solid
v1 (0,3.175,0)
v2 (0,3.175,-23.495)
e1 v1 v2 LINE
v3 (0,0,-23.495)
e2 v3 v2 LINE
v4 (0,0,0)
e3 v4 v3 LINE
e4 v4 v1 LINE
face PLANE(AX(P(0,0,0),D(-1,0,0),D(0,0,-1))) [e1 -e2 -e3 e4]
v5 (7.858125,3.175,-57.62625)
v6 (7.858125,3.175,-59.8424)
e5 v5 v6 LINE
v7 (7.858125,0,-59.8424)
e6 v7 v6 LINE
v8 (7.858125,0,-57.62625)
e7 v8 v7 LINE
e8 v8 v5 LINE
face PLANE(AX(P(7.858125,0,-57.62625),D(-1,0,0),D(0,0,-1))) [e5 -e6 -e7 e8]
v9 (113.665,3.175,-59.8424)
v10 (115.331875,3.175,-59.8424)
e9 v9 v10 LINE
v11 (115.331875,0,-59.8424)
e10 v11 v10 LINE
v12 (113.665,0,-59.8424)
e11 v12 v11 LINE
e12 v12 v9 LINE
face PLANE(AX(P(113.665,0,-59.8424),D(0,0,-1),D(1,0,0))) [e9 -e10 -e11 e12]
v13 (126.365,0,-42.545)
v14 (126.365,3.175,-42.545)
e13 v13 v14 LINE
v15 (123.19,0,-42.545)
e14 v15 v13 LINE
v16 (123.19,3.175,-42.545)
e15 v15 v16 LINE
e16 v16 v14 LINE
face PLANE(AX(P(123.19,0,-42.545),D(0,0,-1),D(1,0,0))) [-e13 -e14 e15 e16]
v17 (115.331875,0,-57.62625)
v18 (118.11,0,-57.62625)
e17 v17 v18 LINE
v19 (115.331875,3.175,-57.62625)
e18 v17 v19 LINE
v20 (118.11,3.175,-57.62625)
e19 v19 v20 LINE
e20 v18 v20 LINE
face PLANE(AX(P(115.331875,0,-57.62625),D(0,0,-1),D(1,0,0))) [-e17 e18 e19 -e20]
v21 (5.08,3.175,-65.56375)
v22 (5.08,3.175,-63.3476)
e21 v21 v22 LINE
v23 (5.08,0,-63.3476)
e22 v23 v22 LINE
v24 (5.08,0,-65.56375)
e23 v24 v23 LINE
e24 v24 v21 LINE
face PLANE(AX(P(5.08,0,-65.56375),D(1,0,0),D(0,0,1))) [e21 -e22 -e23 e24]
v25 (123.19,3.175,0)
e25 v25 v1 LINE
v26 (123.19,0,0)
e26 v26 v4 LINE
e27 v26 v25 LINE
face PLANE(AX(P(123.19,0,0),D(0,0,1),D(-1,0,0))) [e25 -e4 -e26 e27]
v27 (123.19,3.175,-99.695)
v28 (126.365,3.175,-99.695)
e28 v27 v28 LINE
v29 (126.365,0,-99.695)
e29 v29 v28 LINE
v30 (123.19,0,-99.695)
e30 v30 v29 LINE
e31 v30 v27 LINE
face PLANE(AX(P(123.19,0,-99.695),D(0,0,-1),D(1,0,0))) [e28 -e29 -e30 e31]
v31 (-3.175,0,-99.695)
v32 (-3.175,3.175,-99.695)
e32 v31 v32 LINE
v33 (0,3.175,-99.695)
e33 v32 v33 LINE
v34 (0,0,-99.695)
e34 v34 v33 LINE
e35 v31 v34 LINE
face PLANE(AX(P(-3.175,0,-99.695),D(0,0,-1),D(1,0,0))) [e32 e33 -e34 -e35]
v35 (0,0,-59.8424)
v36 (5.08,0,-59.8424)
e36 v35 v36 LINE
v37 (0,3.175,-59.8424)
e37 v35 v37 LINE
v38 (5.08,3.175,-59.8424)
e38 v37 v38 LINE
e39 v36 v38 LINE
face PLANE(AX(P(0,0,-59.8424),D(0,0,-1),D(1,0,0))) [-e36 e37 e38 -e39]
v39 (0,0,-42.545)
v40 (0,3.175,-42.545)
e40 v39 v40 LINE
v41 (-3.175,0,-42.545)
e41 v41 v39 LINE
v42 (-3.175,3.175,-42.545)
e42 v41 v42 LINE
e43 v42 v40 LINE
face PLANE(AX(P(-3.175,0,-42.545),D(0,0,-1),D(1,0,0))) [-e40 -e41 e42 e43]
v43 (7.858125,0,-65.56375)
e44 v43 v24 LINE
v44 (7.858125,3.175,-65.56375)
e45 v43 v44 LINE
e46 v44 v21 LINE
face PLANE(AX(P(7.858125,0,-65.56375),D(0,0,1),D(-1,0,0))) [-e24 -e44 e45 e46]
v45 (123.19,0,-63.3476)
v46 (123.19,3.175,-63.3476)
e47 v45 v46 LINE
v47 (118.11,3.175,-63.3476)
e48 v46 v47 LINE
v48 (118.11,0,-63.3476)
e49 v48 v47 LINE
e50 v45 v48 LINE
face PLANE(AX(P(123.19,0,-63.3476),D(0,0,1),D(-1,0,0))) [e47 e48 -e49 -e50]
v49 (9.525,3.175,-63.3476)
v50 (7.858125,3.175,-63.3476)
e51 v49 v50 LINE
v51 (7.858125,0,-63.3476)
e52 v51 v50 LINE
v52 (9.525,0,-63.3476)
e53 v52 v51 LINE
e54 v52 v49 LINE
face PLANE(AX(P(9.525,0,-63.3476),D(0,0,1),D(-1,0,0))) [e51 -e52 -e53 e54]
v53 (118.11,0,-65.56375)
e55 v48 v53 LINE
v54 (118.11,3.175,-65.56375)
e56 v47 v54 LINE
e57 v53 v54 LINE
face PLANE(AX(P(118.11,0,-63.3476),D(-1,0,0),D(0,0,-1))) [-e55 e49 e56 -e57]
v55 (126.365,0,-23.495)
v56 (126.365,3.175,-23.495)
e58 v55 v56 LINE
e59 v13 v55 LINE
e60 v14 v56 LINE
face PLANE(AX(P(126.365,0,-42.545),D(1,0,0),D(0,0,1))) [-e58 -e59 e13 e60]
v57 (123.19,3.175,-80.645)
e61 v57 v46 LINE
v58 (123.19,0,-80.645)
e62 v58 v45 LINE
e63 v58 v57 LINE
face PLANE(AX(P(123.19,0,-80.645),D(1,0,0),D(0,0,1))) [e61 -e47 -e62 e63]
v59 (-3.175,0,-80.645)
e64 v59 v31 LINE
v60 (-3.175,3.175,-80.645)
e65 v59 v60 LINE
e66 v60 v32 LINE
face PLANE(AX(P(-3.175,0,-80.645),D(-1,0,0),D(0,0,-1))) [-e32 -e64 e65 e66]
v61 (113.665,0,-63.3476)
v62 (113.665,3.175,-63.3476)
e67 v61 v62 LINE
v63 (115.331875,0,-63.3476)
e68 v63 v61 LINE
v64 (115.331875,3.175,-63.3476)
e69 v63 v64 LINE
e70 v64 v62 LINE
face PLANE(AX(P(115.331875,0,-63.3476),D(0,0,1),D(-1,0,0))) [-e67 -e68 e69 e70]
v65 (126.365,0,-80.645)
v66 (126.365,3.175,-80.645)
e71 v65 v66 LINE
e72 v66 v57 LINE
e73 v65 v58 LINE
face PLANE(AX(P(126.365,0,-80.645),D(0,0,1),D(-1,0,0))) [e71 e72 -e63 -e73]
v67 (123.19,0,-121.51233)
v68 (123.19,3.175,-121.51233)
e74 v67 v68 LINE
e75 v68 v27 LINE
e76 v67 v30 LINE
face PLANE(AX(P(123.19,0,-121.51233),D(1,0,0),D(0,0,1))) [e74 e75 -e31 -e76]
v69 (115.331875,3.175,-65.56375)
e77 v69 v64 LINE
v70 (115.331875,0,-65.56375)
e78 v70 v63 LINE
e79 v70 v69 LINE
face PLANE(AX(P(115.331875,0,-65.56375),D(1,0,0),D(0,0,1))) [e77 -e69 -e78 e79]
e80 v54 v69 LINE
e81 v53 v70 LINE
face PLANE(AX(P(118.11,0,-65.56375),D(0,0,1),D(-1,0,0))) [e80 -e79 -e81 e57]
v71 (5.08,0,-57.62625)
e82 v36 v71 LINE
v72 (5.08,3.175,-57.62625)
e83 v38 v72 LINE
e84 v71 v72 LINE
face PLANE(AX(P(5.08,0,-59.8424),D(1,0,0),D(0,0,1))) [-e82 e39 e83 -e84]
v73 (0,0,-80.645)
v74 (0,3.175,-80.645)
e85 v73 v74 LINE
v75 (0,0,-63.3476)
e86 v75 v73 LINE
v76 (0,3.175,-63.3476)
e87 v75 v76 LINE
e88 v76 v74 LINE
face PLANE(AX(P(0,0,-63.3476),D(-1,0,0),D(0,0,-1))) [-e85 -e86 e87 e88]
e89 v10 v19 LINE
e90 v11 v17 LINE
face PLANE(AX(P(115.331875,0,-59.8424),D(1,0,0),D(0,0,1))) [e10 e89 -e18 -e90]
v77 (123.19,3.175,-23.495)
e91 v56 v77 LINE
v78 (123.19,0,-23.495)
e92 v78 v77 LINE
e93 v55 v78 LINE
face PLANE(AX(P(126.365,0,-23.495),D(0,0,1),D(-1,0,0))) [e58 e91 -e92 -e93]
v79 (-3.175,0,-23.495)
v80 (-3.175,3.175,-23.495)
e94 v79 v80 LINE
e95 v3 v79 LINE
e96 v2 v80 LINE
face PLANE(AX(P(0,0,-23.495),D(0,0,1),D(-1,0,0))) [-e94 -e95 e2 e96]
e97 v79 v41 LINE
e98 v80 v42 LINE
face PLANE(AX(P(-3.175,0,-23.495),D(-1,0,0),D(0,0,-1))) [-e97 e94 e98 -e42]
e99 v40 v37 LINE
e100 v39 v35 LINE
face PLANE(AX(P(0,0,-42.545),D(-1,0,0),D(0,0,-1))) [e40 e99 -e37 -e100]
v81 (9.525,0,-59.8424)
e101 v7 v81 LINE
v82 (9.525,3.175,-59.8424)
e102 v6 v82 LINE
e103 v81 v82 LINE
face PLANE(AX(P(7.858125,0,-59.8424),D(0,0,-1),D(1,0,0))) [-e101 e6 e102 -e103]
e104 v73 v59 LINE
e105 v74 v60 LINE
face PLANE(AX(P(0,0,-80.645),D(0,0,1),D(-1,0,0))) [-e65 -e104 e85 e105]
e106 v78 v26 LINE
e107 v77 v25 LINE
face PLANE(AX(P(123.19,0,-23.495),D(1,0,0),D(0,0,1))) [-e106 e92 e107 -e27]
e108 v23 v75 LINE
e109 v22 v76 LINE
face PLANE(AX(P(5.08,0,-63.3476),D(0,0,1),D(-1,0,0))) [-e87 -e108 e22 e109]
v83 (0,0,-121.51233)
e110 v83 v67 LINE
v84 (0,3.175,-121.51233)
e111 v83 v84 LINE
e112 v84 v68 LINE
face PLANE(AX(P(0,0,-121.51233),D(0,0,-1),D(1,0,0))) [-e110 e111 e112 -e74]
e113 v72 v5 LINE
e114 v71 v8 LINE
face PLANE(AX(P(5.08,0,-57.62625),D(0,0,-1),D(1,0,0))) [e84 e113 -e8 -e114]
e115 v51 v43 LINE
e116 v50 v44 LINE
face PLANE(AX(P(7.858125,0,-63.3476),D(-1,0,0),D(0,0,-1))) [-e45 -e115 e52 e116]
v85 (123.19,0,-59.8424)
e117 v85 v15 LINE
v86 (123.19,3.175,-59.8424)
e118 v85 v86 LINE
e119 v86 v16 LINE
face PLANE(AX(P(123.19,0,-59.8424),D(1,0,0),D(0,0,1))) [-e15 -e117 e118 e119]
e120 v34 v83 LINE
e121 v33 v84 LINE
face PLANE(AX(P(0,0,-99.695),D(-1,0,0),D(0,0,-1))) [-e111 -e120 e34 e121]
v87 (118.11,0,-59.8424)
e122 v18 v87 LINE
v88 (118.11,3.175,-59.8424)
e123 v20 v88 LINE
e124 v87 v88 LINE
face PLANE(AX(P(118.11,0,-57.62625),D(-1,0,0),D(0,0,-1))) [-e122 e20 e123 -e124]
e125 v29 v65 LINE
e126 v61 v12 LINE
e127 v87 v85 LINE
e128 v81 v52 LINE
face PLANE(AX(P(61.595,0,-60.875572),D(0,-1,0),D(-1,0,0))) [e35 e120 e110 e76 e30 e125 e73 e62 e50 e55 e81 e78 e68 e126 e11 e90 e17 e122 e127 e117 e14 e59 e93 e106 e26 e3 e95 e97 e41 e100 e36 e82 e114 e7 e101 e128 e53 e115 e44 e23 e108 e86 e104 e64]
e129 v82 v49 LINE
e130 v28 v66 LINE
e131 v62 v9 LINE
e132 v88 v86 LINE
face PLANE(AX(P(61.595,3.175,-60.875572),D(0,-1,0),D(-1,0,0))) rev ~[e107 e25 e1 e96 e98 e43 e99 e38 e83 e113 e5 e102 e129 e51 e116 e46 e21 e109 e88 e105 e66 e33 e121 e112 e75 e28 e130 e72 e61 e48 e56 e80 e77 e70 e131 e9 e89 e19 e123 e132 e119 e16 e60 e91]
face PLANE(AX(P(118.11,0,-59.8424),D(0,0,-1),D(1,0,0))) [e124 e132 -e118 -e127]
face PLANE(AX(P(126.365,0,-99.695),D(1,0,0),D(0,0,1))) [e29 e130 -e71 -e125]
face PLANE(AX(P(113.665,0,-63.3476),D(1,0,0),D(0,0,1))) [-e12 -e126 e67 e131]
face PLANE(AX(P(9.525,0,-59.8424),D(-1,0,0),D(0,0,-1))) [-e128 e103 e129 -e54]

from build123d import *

# Parameters (mm, degrees)
BOSS_EXTRUDE1_DEPTH = 3.175


with BuildPart() as part:
    # Sketch1 → Boss-Extrude1 (new body)
    with BuildSketch(Plane(origin=(0, 0, 0), x_dir=(1, 0, 0), z_dir=(0, 1, 0))):
        Polygon((0, 99.695), (0, 121.51233), (123.19, 121.51233), (123.19, 99.695), (126.365, 99.695), (126.365, 80.645), (123.19, 80.645), (123.19, 63.3476), (118.11, 63.3476), (118.11, 65.56375), (115.331875, 65.56375), (115.331875, 63.3476), (113.665, 63.3476), (113.665, 59.8424), (115.331875, 59.8424), (115.331875, 57.62625), (118.11, 57.62625), (118.11, 59.8424), (123.19, 59.8424), (123.19, 42.545), (126.365, 42.545), (126.365, 23.495), (123.19, 23.495), (123.19, 0), (0, 0), (0, 23.495), (-3.175, 23.495), (-3.175, 42.545), (0, 42.545), (0, 59.8424), (5.08, 59.8424), (5.08, 57.62625), (7.858125, 57.62625), (7.858125, 59.8424), (9.525, 59.8424), (9.525, 63.3476), (7.858125, 63.3476), (7.858125, 65.56375), (5.08, 65.56375), (5.08, 63.3476), (0, 63.3476), (0, 80.645), (-3.175, 80.645), (-3.175, 99.695), align=None)
    extrude(amount=BOSS_EXTRUDE1_DEPTH)


solid = part.part
